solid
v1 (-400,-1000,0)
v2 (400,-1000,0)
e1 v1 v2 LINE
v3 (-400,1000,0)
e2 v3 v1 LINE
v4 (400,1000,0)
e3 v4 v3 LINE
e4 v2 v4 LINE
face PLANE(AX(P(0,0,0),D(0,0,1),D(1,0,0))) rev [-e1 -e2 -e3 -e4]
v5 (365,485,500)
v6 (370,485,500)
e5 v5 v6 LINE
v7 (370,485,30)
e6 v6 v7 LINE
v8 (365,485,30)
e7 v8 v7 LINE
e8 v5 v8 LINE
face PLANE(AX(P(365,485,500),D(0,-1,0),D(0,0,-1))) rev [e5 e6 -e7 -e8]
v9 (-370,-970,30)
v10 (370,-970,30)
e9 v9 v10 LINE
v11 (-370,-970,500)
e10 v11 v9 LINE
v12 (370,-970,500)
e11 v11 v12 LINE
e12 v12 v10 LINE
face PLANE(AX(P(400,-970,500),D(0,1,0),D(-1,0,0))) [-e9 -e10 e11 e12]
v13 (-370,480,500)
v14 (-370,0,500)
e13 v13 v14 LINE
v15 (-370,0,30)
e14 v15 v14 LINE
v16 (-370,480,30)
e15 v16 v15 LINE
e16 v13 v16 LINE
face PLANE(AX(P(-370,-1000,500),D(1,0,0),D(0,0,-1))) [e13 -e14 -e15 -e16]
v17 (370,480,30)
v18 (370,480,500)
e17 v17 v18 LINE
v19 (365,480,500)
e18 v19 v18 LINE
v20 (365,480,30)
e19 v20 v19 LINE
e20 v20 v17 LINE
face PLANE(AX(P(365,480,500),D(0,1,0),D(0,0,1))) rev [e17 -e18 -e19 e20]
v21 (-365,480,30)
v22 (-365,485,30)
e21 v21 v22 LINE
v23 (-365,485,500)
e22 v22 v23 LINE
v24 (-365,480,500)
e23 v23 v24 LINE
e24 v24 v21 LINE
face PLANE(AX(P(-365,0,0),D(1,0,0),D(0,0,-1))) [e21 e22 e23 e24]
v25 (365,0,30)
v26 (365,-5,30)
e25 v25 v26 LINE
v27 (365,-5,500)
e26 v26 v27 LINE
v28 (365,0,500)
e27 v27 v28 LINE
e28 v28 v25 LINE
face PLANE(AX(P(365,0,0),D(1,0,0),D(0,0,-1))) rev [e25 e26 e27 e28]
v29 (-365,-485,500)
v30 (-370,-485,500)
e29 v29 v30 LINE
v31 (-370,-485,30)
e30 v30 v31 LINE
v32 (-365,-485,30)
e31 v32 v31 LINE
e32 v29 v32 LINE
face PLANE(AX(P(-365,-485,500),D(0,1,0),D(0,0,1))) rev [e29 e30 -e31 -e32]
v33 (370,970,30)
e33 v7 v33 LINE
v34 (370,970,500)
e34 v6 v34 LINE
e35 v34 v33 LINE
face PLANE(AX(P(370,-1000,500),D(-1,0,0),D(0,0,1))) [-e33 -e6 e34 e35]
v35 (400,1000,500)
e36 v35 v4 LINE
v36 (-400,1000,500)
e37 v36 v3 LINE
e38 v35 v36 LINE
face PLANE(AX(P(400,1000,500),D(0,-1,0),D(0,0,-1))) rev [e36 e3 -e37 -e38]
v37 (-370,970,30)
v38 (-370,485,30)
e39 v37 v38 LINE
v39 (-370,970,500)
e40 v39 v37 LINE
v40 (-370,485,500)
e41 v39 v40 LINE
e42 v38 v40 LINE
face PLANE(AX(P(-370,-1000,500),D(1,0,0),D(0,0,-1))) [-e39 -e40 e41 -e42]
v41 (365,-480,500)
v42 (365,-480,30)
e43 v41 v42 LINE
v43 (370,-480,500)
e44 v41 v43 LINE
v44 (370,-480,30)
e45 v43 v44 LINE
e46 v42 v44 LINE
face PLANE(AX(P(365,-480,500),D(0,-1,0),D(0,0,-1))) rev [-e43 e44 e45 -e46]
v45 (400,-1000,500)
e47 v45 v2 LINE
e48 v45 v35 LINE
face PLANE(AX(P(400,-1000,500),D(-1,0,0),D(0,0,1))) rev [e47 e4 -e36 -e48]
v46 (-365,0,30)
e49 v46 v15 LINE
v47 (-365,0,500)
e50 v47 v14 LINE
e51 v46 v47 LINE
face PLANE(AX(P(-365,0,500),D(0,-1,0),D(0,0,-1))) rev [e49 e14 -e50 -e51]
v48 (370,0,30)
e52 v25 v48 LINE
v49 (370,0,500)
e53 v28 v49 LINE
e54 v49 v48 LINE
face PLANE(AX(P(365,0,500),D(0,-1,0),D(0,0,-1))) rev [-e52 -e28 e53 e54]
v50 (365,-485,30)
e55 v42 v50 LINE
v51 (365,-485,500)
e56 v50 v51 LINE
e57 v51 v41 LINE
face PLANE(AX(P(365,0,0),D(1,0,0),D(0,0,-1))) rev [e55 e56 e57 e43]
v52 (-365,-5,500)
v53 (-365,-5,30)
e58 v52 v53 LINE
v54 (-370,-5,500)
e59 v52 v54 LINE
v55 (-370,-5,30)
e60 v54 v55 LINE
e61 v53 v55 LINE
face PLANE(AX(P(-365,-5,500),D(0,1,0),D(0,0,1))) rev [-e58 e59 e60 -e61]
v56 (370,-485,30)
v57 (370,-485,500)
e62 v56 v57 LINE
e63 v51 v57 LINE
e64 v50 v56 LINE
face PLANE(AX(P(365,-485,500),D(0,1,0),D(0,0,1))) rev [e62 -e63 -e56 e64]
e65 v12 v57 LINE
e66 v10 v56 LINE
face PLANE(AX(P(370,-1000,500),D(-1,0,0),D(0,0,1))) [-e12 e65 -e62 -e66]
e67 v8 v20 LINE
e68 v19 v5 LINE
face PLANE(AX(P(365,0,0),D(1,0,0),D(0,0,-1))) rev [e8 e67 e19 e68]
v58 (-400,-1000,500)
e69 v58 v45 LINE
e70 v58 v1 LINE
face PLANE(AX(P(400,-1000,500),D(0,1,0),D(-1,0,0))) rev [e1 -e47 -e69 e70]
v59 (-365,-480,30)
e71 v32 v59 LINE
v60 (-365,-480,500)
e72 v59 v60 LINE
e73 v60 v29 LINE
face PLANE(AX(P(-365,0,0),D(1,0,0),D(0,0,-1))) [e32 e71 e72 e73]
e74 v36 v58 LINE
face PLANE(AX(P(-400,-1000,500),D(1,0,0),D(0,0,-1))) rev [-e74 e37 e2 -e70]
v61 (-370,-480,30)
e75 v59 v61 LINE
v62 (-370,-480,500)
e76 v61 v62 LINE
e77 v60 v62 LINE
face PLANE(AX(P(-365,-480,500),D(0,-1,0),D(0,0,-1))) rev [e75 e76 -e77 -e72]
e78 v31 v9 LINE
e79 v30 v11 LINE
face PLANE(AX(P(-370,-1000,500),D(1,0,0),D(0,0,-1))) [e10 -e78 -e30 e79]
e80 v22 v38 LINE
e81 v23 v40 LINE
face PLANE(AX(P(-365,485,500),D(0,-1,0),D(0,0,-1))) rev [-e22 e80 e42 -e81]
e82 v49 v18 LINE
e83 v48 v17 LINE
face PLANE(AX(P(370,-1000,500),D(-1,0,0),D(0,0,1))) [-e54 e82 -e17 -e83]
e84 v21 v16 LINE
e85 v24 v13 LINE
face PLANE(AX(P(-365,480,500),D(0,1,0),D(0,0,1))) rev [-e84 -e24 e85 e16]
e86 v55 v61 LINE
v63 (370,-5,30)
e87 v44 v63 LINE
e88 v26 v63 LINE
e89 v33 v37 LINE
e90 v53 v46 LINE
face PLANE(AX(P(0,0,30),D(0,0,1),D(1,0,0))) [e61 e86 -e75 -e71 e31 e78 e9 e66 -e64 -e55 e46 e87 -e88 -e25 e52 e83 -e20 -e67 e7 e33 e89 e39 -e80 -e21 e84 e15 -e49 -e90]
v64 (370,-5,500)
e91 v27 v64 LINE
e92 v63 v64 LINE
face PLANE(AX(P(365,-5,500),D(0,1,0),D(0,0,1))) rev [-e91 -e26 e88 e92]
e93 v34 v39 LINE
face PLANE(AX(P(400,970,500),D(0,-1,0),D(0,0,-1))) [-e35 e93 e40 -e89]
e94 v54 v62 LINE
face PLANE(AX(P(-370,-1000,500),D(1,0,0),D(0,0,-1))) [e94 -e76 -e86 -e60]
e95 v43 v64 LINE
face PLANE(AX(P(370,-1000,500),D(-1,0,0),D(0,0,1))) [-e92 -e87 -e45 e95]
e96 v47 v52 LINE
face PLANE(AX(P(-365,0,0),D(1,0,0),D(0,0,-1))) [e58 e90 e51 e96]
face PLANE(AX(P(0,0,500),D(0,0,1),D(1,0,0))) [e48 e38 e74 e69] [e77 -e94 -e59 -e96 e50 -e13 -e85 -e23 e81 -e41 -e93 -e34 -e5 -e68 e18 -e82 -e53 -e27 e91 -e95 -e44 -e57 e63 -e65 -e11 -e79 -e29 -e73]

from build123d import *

# Parameters (mm, degrees)
SKETCH1_W           = 800
SKETCH1_H           = 2000
BOSS_EXTRUDE1_DEPTH = 500
SHELL2_T            = -30
SKETCH6_W           = 470
SKETCH6_H           = 5
BOSS_EXTRUDE2_DEPTH = 5
SKETCH8_W           = 470
SKETCH8_H           = 5
BOSS_EXTRUDE3_DEPTH = 5
SKETCH9_W           = 470
SKETCH9_H           = 5
BOSS_EXTRUDE4_DEPTH = 5
SKETCH11_W          = 470
SKETCH11_H          = 5
BOSS_EXTRUDE5_DEPTH = 5
SKETCH16_W          = 470
SKETCH16_H          = 5
BOSS_EXTRUDE6_DEPTH = 5
SKETCH17_W          = 470
SKETCH17_H          = 5
BOSS_EXTRUDE7_DEPTH = 5


with BuildPart() as part:
    # Sketch1 → Boss-Extrude1 (new body)
    with BuildSketch(Plane.XY):
        Rectangle(SKETCH1_W, SKETCH1_H)
    extrude(amount=BOSS_EXTRUDE1_DEPTH)

    # Shell2
    shell2_openings = [part.faces().sort_by_distance(p)[0] for p in [
        (0, 0, 500),
    ]]
    offset(amount=SHELL2_T, openings=shell2_openings, kind=Kind.INTERSECTION)

    # Sketch6 → Boss-Extrude2 (add)
    with BuildSketch(Plane.ZY.offset(-370)):
        with Locations((265, 482.5)):
            Rectangle(SKETCH6_W, SKETCH6_H)
    extrude(amount=BOSS_EXTRUDE2_DEPTH)

    # Sketch8 → Boss-Extrude3 (add)
    with BuildSketch(Plane(origin=(-370, 0, 0), x_dir=(0, 0, -1), z_dir=(1, 0, 0))):
        with Locations((-265, 482.5)):
            Rectangle(SKETCH8_W, SKETCH8_H)
    extrude(amount=BOSS_EXTRUDE3_DEPTH)

    # Sketch9 → Boss-Extrude4 (add)
    with BuildSketch(Plane.ZY.offset(-370)):
        with Locations((265, -2.5)):
            Rectangle(SKETCH9_W, SKETCH9_H)
    extrude(amount=BOSS_EXTRUDE4_DEPTH)

    # Sketch11 → Boss-Extrude5 (add)
    with BuildSketch(Plane(origin=(-370, 0, 0), x_dir=(0, 0, -1), z_dir=(1, 0, 0))):
        with Locations((-265, -2.5)):
            Rectangle(SKETCH11_W, SKETCH11_H)
    extrude(amount=BOSS_EXTRUDE5_DEPTH)

    # Sketch16 → Boss-Extrude6 (add)
    with BuildSketch(Plane.ZY.offset(-370)):
        with Locations((265, -482.5)):
            Rectangle(SKETCH16_W, SKETCH16_H)
    extrude(amount=BOSS_EXTRUDE6_DEPTH)

    # Sketch17 → Boss-Extrude7 (add)
    with BuildSketch(Plane(origin=(-370, 0, 0), x_dir=(0, 0, -1), z_dir=(1, 0, 0))):
        with Locations((-265, -482.5)):
            Rectangle(SKETCH17_W, SKETCH17_H)
    extrude(amount=BOSS_EXTRUDE7_DEPTH)


solid = part.part
